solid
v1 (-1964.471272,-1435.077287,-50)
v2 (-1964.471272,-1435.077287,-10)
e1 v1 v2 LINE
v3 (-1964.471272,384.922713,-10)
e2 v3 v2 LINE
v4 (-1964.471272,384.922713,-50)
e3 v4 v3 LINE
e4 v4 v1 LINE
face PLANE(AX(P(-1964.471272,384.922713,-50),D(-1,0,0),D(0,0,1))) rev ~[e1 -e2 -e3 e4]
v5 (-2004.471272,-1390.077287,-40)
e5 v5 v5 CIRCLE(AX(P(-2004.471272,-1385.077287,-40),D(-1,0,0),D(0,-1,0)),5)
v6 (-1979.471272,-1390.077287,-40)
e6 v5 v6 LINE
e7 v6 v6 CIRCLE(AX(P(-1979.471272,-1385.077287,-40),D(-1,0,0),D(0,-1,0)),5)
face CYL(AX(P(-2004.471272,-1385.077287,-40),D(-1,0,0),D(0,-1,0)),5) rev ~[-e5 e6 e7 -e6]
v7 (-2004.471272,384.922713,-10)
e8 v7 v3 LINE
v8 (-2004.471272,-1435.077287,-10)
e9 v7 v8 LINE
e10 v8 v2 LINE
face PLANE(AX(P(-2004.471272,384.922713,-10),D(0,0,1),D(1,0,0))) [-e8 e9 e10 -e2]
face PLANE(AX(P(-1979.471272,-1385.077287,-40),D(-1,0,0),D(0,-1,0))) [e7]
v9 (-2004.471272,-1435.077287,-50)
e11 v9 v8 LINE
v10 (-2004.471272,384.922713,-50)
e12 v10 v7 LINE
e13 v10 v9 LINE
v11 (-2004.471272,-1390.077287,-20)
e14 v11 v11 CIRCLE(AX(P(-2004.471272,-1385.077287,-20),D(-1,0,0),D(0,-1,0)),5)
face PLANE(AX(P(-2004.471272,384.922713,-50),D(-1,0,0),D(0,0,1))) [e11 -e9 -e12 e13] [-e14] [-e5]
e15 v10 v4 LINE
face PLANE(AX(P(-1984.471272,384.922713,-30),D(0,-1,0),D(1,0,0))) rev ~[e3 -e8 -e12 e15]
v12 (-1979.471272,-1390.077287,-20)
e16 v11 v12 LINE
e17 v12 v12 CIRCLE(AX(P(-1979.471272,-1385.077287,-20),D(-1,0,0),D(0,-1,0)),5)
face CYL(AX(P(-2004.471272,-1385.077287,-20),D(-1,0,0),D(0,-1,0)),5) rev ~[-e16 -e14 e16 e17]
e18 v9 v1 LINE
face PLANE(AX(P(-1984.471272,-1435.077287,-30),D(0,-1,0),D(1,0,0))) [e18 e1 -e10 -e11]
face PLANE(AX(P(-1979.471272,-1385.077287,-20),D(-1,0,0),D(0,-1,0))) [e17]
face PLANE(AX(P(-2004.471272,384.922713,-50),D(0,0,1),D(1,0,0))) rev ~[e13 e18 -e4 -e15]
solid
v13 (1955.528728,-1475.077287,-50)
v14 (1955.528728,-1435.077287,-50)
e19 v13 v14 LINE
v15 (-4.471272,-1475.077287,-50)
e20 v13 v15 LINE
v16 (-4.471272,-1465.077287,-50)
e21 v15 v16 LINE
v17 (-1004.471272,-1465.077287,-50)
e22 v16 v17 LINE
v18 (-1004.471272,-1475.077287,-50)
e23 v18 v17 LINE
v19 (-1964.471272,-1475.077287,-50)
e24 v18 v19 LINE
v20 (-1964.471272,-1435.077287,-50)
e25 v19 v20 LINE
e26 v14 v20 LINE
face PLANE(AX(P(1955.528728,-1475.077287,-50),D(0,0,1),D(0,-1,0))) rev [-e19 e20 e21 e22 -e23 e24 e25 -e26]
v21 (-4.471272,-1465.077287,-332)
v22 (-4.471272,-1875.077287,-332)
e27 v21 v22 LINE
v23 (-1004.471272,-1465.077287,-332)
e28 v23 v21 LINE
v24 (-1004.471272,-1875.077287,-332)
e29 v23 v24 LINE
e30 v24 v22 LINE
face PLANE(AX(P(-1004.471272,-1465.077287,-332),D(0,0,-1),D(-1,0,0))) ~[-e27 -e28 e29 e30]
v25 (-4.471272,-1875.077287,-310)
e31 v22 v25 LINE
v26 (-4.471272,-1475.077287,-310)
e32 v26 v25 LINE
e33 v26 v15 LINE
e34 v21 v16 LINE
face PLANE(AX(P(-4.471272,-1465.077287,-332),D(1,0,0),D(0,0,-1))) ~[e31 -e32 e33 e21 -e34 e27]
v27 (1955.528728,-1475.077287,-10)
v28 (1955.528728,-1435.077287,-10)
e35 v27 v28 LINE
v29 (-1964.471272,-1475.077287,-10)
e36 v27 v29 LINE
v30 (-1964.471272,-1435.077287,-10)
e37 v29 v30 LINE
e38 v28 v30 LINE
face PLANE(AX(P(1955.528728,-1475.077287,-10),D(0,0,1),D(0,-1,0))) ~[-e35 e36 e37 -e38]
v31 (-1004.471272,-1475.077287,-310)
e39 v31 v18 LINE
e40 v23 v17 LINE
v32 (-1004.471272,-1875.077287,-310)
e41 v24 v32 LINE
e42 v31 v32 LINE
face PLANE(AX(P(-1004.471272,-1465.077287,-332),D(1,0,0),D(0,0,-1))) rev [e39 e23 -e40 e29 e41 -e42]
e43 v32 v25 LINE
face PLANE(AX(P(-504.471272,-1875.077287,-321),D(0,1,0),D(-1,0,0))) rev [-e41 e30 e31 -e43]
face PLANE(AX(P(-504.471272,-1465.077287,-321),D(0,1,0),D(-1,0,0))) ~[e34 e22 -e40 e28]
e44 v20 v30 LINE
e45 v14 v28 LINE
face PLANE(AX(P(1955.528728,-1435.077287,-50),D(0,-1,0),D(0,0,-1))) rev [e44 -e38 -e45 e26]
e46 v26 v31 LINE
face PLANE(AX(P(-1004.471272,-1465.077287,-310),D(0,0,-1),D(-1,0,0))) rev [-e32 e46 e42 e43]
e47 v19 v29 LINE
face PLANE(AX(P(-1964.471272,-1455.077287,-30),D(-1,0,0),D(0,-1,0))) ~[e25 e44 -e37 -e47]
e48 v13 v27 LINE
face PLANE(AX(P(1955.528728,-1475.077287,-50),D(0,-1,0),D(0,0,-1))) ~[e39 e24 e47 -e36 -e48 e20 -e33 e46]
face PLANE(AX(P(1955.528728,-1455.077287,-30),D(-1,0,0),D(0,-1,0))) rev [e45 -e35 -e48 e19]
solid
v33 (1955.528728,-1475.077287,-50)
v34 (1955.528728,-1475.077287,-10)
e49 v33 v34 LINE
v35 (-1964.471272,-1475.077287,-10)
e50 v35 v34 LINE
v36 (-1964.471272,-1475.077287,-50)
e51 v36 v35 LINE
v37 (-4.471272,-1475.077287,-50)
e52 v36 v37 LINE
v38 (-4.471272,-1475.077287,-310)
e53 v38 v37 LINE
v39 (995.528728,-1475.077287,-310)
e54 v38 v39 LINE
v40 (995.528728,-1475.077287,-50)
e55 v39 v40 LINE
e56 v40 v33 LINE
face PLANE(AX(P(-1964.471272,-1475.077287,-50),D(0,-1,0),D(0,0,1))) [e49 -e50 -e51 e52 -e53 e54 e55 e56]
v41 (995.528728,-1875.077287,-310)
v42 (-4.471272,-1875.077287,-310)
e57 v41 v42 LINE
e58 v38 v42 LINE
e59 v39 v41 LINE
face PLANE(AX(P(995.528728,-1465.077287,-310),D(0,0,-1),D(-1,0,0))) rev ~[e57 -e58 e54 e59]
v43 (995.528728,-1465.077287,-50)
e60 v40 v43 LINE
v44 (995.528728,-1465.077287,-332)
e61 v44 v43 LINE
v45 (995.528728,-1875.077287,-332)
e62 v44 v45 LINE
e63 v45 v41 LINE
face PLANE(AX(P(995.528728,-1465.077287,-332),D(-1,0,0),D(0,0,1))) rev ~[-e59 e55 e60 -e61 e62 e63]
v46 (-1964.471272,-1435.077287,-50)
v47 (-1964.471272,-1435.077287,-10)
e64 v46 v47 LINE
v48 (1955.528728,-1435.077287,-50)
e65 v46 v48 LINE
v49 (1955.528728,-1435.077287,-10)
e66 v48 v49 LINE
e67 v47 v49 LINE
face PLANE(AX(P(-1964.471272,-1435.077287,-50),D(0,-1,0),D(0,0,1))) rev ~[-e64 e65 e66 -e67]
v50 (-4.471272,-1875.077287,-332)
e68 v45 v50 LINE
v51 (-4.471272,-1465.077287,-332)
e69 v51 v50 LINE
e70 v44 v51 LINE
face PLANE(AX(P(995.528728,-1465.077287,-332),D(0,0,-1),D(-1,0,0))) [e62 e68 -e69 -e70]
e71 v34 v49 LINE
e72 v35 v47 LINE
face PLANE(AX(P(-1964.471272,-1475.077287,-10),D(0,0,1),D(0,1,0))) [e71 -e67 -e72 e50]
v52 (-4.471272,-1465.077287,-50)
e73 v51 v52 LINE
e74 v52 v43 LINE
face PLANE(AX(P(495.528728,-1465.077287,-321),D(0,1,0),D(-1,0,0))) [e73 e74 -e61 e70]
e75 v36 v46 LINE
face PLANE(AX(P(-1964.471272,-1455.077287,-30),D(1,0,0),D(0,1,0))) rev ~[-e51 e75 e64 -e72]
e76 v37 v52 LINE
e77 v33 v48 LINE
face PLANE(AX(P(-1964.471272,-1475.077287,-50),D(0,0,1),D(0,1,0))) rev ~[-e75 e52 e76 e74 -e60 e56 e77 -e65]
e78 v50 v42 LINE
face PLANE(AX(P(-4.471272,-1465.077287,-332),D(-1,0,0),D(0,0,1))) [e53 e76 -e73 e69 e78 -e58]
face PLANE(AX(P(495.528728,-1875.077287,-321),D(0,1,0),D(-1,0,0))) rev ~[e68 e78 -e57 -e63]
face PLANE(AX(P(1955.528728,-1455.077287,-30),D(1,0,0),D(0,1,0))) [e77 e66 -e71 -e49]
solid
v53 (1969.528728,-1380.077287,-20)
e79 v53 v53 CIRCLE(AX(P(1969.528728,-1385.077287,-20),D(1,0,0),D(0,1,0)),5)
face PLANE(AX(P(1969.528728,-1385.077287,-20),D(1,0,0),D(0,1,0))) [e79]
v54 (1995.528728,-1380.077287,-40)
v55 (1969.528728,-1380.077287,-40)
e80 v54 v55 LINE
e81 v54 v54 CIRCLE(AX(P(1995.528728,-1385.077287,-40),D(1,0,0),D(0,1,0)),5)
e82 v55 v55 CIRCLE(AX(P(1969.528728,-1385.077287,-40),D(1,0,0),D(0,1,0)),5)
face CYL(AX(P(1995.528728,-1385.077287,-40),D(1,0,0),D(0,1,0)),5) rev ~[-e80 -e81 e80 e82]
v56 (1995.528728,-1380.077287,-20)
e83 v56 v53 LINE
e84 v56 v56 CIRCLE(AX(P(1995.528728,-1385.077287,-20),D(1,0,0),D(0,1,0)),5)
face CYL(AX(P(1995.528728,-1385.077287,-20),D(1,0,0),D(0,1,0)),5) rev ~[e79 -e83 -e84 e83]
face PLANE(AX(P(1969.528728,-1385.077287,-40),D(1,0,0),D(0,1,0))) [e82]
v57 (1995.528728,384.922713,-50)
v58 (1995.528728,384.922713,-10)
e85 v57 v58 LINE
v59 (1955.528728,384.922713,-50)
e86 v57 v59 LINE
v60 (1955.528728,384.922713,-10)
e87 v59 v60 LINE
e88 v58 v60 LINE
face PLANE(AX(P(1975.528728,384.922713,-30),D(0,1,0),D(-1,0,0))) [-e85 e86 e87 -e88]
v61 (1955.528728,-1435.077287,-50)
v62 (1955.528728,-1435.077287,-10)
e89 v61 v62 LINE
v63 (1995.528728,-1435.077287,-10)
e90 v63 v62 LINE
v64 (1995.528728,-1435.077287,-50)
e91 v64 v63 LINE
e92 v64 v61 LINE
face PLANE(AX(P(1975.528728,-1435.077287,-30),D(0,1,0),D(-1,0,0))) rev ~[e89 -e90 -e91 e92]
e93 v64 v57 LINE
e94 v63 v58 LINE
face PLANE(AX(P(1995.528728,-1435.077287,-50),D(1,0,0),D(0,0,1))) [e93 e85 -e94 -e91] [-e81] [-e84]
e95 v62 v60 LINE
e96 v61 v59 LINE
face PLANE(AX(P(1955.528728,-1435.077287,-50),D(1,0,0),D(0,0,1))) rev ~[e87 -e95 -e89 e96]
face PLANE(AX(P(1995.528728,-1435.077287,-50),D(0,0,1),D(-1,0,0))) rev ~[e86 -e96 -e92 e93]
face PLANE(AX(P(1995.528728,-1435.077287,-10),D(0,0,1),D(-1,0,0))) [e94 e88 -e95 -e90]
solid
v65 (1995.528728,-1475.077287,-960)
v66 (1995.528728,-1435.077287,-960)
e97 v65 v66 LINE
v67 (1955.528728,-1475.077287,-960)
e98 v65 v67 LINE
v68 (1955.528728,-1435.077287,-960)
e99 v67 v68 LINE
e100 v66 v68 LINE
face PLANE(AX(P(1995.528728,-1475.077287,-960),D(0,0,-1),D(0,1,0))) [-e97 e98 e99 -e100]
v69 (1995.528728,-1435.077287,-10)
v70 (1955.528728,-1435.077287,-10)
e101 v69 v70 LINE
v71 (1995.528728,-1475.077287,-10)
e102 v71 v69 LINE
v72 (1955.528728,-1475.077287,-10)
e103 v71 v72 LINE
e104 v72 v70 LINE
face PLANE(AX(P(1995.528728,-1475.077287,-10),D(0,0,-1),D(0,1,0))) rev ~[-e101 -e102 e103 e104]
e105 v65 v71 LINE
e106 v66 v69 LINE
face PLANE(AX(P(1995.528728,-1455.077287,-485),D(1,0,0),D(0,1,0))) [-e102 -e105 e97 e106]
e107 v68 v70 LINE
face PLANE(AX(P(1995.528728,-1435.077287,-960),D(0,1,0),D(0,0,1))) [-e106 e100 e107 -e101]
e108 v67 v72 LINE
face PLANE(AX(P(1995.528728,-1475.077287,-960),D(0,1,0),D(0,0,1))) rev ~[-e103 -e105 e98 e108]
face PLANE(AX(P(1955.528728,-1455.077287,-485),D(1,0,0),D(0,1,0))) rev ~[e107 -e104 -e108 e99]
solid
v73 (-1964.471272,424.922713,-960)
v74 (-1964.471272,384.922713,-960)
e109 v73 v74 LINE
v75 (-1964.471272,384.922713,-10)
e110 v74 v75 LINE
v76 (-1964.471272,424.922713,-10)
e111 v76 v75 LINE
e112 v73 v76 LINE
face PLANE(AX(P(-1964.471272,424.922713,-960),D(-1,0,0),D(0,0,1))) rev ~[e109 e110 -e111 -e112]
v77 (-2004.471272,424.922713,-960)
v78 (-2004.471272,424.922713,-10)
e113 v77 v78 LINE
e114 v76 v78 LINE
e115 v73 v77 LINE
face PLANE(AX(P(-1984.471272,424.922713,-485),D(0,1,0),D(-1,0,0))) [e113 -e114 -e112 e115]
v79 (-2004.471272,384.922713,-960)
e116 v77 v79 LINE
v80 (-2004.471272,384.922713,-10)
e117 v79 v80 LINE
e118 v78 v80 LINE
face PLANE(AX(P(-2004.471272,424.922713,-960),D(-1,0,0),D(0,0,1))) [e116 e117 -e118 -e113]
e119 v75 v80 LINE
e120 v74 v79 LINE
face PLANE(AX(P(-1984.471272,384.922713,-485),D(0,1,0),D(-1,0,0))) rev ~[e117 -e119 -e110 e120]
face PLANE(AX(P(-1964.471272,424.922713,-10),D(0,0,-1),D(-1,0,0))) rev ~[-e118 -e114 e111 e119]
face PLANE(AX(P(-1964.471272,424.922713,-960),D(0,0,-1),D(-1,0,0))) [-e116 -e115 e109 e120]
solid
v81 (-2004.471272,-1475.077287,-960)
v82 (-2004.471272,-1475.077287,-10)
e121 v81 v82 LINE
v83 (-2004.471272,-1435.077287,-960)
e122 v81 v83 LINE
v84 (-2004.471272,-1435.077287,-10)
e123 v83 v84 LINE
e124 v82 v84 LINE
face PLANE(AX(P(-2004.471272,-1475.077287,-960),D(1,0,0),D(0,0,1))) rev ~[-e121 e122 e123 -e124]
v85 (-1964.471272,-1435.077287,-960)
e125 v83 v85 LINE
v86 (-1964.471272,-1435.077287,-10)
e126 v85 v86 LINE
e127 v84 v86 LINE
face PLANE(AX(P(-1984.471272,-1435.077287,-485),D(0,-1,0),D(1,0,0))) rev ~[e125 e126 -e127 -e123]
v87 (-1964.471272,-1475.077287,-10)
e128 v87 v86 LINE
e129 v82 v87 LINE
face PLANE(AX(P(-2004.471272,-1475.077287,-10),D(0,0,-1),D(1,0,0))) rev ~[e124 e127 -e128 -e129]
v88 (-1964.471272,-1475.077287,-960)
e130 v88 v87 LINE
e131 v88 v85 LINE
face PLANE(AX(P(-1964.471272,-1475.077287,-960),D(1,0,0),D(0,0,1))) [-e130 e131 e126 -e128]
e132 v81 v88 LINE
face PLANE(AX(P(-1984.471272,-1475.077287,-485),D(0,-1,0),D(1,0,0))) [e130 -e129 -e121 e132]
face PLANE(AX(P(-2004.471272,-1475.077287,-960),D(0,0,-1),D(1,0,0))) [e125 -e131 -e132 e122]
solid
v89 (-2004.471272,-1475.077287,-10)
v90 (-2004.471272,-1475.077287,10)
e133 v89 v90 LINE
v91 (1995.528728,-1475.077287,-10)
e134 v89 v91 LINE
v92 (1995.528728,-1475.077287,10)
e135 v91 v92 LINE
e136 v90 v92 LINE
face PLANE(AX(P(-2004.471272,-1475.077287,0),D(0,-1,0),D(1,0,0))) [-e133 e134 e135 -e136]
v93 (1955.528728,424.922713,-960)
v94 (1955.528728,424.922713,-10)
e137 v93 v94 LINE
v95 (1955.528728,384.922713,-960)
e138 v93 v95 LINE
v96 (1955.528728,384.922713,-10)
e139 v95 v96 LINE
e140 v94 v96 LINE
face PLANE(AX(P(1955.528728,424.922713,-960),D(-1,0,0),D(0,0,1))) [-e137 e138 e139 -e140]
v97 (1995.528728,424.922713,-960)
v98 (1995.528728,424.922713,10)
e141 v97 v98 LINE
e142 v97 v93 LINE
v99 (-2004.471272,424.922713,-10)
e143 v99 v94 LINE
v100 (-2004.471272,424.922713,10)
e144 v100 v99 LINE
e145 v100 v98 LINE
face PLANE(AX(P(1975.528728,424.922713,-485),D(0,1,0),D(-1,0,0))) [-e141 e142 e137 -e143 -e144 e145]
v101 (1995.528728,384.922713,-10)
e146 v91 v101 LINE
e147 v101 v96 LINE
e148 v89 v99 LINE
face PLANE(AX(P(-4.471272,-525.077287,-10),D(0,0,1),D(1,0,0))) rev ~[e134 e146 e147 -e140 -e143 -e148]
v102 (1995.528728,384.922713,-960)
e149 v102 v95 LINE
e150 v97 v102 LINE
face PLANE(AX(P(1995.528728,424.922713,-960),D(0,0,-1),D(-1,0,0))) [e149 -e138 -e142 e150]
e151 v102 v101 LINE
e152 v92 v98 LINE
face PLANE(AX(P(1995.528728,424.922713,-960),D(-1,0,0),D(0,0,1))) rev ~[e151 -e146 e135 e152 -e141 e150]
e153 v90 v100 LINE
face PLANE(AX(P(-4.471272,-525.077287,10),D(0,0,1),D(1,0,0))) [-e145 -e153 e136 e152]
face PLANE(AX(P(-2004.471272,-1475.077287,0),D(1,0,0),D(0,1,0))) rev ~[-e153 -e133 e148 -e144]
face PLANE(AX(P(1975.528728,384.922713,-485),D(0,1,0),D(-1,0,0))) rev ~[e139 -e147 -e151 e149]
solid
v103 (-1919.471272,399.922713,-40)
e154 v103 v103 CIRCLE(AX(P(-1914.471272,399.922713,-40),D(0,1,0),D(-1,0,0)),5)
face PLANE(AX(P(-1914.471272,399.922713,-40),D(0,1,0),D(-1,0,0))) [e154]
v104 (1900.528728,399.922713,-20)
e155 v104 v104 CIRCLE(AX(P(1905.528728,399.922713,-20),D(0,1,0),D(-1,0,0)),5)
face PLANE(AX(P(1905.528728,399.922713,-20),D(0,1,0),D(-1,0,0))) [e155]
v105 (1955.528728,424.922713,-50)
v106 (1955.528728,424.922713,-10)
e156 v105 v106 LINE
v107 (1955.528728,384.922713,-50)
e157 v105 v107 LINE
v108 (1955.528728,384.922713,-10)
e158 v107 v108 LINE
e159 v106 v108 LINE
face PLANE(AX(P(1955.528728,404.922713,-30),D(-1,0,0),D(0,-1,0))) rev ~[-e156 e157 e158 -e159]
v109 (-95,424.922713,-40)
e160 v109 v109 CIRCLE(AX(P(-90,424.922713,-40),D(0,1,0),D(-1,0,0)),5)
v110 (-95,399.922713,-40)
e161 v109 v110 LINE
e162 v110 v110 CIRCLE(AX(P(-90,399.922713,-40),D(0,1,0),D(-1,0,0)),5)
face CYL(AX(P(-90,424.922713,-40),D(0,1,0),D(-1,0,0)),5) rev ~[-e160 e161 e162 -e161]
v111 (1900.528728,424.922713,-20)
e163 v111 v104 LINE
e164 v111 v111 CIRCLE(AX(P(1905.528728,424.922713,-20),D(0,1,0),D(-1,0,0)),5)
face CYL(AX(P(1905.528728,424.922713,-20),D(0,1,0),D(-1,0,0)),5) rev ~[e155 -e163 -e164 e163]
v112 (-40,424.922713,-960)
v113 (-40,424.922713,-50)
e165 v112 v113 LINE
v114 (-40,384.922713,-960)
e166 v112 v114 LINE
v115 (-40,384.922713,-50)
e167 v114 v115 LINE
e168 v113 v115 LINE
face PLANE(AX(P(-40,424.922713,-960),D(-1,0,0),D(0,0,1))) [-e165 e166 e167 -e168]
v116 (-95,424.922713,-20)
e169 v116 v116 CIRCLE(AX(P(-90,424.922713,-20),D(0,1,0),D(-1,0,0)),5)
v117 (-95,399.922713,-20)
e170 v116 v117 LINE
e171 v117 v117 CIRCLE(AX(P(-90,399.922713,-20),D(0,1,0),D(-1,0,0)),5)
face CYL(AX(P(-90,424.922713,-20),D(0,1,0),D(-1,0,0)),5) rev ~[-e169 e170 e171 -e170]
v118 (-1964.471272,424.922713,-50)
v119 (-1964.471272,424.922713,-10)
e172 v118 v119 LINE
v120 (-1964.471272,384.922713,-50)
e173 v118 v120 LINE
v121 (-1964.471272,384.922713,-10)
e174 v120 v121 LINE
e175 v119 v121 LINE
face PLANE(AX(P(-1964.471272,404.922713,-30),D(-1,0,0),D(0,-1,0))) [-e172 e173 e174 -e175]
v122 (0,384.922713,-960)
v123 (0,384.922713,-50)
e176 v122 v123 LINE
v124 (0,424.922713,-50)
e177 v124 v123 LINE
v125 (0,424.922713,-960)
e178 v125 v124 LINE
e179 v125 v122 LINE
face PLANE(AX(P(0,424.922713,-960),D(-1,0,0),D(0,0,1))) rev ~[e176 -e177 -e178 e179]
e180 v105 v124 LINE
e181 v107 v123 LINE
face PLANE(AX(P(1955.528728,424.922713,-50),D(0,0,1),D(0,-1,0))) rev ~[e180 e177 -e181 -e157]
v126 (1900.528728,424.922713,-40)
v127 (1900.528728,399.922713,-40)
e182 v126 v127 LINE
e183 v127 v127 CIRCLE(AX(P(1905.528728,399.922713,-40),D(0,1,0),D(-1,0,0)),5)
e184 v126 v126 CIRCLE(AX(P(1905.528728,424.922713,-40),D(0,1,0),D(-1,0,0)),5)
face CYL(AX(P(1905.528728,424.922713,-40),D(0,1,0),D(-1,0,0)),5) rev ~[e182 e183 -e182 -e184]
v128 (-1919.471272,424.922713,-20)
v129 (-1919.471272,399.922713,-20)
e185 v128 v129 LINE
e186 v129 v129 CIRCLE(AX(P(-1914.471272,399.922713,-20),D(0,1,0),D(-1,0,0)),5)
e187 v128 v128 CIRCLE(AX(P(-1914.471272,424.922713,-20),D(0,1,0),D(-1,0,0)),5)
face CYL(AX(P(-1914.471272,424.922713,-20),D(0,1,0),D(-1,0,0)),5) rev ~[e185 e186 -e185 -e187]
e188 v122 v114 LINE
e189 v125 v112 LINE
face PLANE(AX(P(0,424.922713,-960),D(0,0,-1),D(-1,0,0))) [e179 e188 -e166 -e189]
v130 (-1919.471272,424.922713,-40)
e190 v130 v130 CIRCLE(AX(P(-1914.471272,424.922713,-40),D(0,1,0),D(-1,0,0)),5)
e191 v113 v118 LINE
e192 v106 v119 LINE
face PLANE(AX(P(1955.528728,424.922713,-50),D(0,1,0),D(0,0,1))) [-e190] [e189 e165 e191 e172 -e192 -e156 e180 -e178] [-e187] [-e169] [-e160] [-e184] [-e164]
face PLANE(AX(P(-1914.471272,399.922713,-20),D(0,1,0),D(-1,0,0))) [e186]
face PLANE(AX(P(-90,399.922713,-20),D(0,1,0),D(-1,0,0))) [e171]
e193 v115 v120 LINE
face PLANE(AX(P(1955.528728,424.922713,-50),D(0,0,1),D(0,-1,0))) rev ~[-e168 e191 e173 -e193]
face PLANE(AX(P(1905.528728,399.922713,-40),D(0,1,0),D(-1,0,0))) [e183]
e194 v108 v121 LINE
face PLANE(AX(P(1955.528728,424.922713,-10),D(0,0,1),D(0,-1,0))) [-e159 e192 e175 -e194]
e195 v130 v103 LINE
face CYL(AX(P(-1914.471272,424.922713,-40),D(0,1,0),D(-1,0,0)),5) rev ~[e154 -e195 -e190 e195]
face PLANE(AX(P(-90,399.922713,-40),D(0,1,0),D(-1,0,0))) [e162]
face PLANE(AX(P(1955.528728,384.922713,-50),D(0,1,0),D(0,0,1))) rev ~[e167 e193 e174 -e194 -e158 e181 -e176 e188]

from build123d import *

# Parameters (mm, degrees)
F0_W      = 4000
F0_H      = 1900
F1_DEPTH  = 10
F2_W      = 40
F2_H      = 950
F3_DEPTH  = 40
F4_W      = 40
F4_H      = 950
F5_DEPTH  = 40
F6_W      = 40
F6_H      = 950
F7_DEPTH  = 40
F8_W      = 40
F8_H      = 950
F9_DEPTH  = 40
F10_W     = 40
F10_H     = 40
F11_DEPTH = 3920
F12_W     = 40
F12_H     = 40
F13_DEPTH = 3920
F14_W     = 40
F14_H     = 40
F15_DEPTH = 1820
F16_W     = 40
F16_H     = 40
F17_DEPTH = 1820
F18_W     = 1000
F18_H     = 260
F19_DEPTH = 10
F20_W     = 40
F20_H     = 910
F21_DEPTH = 40
F22_W     = 1000
F22_H     = 22
F23_DEPTH = 410
F25_R     = 5
F26_DEPTH = 26
F27_R     = 5
F28_DEPTH = 25
F29_R     = 5
F30_DEPTH = 25
F31_R     = 5
F32_DEPTH = 25
F33_R     = 5
F34_DEPTH = 25


with BuildPart() as f1:
    # F0 (on Top) → F1 (new body, symmetric)
    with BuildSketch(Plane.XY):
        with Locations((-4.471272, -525.077287)):
            Rectangle(F0_W, F0_H)
    extrude(amount=F1_DEPTH, both=True)

    # F4 (on face) → F5 (join)
    with BuildSketch(Plane(origin=(0, 424.922713, 0), x_dir=(-1, 0, 0), z_dir=(0, 1, 0))):
        with Locations((-1975.528728, -485)):
            Rectangle(F4_W, F4_H)
    extrude(amount=-F5_DEPTH)


with BuildPart() as f3:
    # F2 (on face) → F3 (new body)
    with BuildSketch(Plane.XZ.offset(1475.077287)):
        with Locations((-1984.471272, -485)):
            Rectangle(F2_W, F2_H)
    extrude(amount=-F3_DEPTH)


with BuildPart() as f7:
    # F6 (on face) → F7 (new body)
    with BuildSketch(Plane.YZ.offset(1995.528728)):
        with Locations((-1455.077287, -485)):
            Rectangle(F6_W, F6_H)
    extrude(amount=-F7_DEPTH)


with BuildPart() as f9:
    # F8 (on face) → F9 (new body)
    with BuildSketch(Plane(origin=(0, 424.922713, 0), x_dir=(-1, 0, 0), z_dir=(0, 1, 0))):
        with Locations((1984.471272, -485)):
            Rectangle(F8_W, F8_H)
    extrude(amount=-F9_DEPTH)


with BuildPart() as f11:
    # F10 (on face) → F11 (new body, through all)
    with BuildSketch(Plane.YZ.offset(-1964.471272)):
        with Locations((-1455.077287, -30)):
            Rectangle(F10_W, F10_H)
    extrude(amount=F11_DEPTH)

    # F18 (on face) → F19 (join)
    with BuildSketch(Plane.XZ.offset(1475.077287)):
        with Locations((495.528728, -180)):
            Rectangle(F18_W, F18_H)
    extrude(amount=-F19_DEPTH)

    # F22 (on face) → F23 (join)
    with BuildSketch(Plane(origin=(0, -1465.077287, 0), x_dir=(-1, 0, 0), z_dir=(0, 1, 0))):
        with Locations((-495.528728, -321)):
            Rectangle(F22_W, F22_H)
    extrude(amount=-F23_DEPTH)


with BuildPart() as f13:
    # F12 (on face) → F13 (new body, through all)
    with BuildSketch(Plane(origin=(1955.528728, 0, 0), x_dir=(0, -1, 0), z_dir=(-1, 0, 0))):
        with Locations((-404.922713, -30)):
            Rectangle(F12_W, F12_H)
    extrude(amount=F13_DEPTH)

    # F20 (on face) → F21 (join)
    with BuildSketch(Plane(origin=(0, 424.922713, 0), x_dir=(-1, 0, 0), z_dir=(0, 1, 0))):
        with Locations((20, -505)):
            Rectangle(F20_W, F20_H)
    extrude(amount=-F21_DEPTH)

    # F29 (on face) → F30 (cut)
    with BuildSketch(Plane(origin=(0, 424.922713, 0), x_dir=(-1, 0, 0), z_dir=(0, 1, 0))):
        with Locations((1914.471272, -20)):
            Circle(F29_R)
        with Locations((1914.471272, -40)):
            Circle(F29_R)
    extrude(amount=-F30_DEPTH, mode=Mode.SUBTRACT)

    # F31 (on face) → F32 (cut)
    with BuildSketch(Plane(origin=(0, 424.922713, 0), x_dir=(-1, 0, 0), z_dir=(0, 1, 0))):
        with Locations((90, -20)):
            Circle(F31_R)
        with Locations((90, -40)):
            Circle(F31_R)
    extrude(amount=-F32_DEPTH, mode=Mode.SUBTRACT)

    # F33 (on face) → F34 (cut)
    with BuildSketch(Plane(origin=(0, 424.922713, 0), x_dir=(-1, 0, 0), z_dir=(0, 1, 0))):
        with Locations((-1905.528728, -20)):
            Circle(F33_R)
        with Locations((-1905.528728, -40)):
            Circle(F33_R)
    extrude(amount=-F34_DEPTH, mode=Mode.SUBTRACT)


with BuildPart() as f15:
    # F14 (on face) → F15 (new body, through all)
    with BuildSketch(Plane.XZ.offset(-384.922713)):
        with Locations((-1984.471272, -30)):
            Rectangle(F14_W, F14_H)
    extrude(amount=F15_DEPTH)

    # F27 (on face) → F28 (cut)
    with BuildSketch(Plane(origin=(-2004.471272, 0, 0), x_dir=(0, -1, 0), z_dir=(-1, 0, 0))):
        with Locations((1385.077287, -20)):
            Circle(F27_R)
        with Locations((1385.077287, -40)):
            Circle(F27_R)
    extrude(amount=-F28_DEPTH, mode=Mode.SUBTRACT)


with BuildPart() as f17:
    # F16 (on face) → F17 (new body, through all)
    with BuildSketch(Plane(origin=(0, -1435.077287, 0), x_dir=(-1, 0, 0), z_dir=(0, 1, 0))):
        with Locations((-1975.528728, -30)):
            Rectangle(F16_W, F16_H)
    extrude(amount=F17_DEPTH)

    # F25 (on face) → F26 (cut)
    with BuildSketch(Plane.YZ.offset(1995.528728)):
        with Locations((-1385.077287, -20)):
            Circle(F25_R)
        with Locations((-1385.077287, -40)):
            Circle(F25_R)
    extrude(amount=-F26_DEPTH, mode=Mode.SUBTRACT)


with BuildPart() as f24_1:
    # F24: instance of F11
    add(f11.part.mirror(Plane(origin=(-4.471272, -1625.326857, -289.450947), x_dir=(0, -1, 0), z_dir=(-1, 0, 0))))


solid = Compound([f1.part, f3.part, f7.part, f9.part, f11.part, f13.part, f15.part, f17.part, f24_1.part])
